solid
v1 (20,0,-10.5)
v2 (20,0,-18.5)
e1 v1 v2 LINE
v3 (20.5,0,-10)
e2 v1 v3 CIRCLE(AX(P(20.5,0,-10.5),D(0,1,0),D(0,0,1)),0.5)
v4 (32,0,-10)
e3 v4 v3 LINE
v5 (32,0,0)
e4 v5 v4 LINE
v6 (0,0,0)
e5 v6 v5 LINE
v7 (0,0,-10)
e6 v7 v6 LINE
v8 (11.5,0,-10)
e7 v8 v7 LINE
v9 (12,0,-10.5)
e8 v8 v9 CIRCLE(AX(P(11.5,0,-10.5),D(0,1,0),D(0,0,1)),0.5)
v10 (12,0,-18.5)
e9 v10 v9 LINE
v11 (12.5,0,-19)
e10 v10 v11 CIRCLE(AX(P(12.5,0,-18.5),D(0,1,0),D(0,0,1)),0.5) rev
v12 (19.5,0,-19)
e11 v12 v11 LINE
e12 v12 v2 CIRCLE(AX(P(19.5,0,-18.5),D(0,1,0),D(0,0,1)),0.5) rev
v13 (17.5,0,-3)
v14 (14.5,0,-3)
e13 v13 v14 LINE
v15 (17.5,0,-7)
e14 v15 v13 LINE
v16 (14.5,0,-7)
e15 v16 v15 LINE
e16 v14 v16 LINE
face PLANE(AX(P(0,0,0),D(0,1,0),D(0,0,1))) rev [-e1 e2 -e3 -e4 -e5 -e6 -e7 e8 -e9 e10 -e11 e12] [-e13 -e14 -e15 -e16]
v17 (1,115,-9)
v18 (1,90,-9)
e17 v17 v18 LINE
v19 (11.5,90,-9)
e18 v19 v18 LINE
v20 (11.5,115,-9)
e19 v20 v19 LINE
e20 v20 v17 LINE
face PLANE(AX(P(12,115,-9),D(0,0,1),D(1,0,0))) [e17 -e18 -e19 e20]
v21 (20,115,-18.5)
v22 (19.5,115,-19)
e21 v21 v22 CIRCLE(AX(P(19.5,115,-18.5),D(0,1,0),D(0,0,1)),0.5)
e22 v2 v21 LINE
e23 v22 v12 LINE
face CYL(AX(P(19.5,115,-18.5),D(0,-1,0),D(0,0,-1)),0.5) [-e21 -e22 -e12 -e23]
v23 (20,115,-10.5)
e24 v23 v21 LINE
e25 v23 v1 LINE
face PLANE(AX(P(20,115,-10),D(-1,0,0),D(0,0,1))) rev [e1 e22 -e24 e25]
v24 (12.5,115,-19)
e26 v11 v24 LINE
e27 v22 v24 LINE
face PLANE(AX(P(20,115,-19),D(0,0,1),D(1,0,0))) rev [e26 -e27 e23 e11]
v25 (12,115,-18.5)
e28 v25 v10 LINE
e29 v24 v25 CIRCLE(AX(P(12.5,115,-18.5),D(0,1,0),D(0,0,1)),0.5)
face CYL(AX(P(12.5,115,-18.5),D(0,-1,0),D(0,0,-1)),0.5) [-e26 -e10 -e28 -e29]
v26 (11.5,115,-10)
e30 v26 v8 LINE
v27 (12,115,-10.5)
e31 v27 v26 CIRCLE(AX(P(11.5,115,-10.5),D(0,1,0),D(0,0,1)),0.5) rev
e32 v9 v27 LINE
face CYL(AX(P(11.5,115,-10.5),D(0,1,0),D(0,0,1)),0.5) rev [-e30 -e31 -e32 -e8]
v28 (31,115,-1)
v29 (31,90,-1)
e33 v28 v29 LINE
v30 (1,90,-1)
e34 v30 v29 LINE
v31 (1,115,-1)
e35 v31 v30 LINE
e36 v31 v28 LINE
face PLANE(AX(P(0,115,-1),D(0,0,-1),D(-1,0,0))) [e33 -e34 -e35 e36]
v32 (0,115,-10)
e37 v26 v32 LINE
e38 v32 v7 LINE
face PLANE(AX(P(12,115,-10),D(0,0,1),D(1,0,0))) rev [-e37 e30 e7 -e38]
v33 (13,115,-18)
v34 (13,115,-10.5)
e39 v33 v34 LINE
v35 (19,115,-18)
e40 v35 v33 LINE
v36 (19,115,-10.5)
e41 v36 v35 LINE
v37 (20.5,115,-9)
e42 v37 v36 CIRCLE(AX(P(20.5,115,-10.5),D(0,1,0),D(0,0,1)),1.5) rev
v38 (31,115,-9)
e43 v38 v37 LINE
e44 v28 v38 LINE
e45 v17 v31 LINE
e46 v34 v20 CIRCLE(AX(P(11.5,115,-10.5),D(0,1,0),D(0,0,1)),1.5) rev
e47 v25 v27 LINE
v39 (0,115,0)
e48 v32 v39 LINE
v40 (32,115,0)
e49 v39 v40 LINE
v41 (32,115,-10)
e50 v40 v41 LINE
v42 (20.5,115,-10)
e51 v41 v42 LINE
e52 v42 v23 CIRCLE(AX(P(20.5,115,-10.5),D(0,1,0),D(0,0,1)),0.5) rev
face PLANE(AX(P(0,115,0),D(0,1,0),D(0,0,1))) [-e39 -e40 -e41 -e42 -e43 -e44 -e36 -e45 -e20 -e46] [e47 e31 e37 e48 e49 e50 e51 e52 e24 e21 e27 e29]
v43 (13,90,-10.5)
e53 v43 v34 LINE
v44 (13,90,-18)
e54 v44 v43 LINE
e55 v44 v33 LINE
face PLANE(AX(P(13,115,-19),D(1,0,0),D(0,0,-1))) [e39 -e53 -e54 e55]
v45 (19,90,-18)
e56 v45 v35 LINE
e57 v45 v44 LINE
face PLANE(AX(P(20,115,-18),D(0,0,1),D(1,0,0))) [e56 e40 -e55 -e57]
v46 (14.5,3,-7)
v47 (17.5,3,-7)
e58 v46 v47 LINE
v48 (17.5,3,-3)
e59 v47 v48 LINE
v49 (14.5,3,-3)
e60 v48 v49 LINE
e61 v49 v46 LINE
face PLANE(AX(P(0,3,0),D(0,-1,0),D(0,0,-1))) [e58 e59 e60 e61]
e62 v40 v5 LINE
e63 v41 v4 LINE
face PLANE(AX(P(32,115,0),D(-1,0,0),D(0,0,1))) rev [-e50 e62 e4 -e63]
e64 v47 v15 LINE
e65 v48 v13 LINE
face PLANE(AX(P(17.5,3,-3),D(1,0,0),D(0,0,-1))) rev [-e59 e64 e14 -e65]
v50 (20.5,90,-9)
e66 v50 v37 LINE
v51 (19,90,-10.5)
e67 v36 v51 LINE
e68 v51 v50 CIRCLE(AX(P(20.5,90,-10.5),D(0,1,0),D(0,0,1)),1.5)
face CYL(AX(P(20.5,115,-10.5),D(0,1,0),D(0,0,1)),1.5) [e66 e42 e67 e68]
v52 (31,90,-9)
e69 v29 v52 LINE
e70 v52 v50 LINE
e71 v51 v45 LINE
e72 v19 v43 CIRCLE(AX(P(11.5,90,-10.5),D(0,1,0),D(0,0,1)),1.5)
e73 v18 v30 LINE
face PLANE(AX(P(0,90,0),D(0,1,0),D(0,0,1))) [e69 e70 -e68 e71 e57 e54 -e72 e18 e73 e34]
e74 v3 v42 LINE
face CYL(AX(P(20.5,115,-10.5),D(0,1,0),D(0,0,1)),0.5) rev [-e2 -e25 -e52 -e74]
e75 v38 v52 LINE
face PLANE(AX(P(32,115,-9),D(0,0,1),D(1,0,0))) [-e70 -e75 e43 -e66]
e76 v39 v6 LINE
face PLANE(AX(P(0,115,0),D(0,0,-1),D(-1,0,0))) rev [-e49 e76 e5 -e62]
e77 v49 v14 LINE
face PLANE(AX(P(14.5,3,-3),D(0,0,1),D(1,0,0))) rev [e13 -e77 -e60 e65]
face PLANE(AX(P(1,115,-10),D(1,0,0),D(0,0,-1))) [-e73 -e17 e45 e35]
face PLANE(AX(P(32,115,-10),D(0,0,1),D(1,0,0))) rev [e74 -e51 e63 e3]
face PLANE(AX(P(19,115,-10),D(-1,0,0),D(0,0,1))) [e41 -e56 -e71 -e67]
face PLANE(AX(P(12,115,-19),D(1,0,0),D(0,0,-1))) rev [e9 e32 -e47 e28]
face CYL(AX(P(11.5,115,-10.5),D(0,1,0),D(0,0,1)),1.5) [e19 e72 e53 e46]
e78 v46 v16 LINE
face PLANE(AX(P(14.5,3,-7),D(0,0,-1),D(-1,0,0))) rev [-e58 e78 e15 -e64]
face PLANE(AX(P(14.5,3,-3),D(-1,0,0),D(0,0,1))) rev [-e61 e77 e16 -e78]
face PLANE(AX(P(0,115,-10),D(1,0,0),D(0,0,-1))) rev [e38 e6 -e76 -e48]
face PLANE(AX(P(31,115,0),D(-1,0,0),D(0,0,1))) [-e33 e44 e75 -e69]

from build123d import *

# Parameters (mm, degrees)
BOSS_EXTRUDE1_DEPTH      = 115
FILLET1_R                = 0.5
SHELL1_T                 = -1
SHELL1_THICKNESS_2_DEPTH = 89
SKETCH2_W                = 3
SKETCH2_H                = 4
CUT_EXTRUDE1_DEPTH       = 3


with BuildPart() as part:
    # Sketch1 → Boss-Extrude1 (new body)
    with BuildSketch(Plane(origin=(0, 0, 0), x_dir=(1, 0, 0), z_dir=(0, 1, 0))):
        Polygon((0, 0), (32, 0), (32, 10), (20, 10), (20, 19), (12, 19), (12, 10), (0, 10), align=None)
    extrude(amount=BOSS_EXTRUDE1_DEPTH)

    # Fillet1
    fillet1_edges = [part.edges().sort_by_distance(p)[0] for p in [
        (12, 57.5, -10),
        (12, 57.5, -19),
        (20, 57.5, -19),
        (20, 57.5, -10),
    ]]
    fillet(fillet1_edges, radius=FILLET1_R)

    # Shell1
    shell1_openings = [part.faces().sort_by_distance(p)[0] for p in [
        (16, 115, -6.742495559),
    ]]
    offset(amount=SHELL1_T, openings=shell1_openings)

    # Shell1 thickness 2 face (on inner face of the shell) → Shell1 thickness 2 (add)
    with BuildSketch(Plane(origin=(16, 1, -6.570305912), x_dir=(0, 0, -1), z_dir=(0, -1, 0))):
        with BuildLine():
            ThreePointArc((2.429694088, 4.5), (2.869033916, 3.439339828), (3.929694088, 3))
            Line((3.929694088, 3), (11.429694088, 3))
            Line((11.429694088, 3), (11.429694088, -3))
            Line((11.429694088, -3), (3.929694088, -3))
            ThreePointArc((3.929694088, -3), (2.869033916, -3.439339828), (2.429694088, -4.5))
            Line((2.429694088, -4.5), (2.429694088, -15))
            Line((2.429694088, -15), (-5.570305912, -15))
            Line((-5.570305912, -15), (-5.570305912, 15))
            Line((-5.570305912, 15), (2.429694088, 15))
            Line((2.429694088, 15), (2.429694088, 4.5))
        make_face()
    extrude(amount=-SHELL1_THICKNESS_2_DEPTH)

    # Sketch2 → Cut-Extrude1 (cut)
    with BuildSketch(Plane.XZ):
        with Locations((16, -5)):
            Rectangle(SKETCH2_W, SKETCH2_H)
    extrude(amount=-CUT_EXTRUDE1_DEPTH, mode=Mode.SUBTRACT)


solid = part.part
